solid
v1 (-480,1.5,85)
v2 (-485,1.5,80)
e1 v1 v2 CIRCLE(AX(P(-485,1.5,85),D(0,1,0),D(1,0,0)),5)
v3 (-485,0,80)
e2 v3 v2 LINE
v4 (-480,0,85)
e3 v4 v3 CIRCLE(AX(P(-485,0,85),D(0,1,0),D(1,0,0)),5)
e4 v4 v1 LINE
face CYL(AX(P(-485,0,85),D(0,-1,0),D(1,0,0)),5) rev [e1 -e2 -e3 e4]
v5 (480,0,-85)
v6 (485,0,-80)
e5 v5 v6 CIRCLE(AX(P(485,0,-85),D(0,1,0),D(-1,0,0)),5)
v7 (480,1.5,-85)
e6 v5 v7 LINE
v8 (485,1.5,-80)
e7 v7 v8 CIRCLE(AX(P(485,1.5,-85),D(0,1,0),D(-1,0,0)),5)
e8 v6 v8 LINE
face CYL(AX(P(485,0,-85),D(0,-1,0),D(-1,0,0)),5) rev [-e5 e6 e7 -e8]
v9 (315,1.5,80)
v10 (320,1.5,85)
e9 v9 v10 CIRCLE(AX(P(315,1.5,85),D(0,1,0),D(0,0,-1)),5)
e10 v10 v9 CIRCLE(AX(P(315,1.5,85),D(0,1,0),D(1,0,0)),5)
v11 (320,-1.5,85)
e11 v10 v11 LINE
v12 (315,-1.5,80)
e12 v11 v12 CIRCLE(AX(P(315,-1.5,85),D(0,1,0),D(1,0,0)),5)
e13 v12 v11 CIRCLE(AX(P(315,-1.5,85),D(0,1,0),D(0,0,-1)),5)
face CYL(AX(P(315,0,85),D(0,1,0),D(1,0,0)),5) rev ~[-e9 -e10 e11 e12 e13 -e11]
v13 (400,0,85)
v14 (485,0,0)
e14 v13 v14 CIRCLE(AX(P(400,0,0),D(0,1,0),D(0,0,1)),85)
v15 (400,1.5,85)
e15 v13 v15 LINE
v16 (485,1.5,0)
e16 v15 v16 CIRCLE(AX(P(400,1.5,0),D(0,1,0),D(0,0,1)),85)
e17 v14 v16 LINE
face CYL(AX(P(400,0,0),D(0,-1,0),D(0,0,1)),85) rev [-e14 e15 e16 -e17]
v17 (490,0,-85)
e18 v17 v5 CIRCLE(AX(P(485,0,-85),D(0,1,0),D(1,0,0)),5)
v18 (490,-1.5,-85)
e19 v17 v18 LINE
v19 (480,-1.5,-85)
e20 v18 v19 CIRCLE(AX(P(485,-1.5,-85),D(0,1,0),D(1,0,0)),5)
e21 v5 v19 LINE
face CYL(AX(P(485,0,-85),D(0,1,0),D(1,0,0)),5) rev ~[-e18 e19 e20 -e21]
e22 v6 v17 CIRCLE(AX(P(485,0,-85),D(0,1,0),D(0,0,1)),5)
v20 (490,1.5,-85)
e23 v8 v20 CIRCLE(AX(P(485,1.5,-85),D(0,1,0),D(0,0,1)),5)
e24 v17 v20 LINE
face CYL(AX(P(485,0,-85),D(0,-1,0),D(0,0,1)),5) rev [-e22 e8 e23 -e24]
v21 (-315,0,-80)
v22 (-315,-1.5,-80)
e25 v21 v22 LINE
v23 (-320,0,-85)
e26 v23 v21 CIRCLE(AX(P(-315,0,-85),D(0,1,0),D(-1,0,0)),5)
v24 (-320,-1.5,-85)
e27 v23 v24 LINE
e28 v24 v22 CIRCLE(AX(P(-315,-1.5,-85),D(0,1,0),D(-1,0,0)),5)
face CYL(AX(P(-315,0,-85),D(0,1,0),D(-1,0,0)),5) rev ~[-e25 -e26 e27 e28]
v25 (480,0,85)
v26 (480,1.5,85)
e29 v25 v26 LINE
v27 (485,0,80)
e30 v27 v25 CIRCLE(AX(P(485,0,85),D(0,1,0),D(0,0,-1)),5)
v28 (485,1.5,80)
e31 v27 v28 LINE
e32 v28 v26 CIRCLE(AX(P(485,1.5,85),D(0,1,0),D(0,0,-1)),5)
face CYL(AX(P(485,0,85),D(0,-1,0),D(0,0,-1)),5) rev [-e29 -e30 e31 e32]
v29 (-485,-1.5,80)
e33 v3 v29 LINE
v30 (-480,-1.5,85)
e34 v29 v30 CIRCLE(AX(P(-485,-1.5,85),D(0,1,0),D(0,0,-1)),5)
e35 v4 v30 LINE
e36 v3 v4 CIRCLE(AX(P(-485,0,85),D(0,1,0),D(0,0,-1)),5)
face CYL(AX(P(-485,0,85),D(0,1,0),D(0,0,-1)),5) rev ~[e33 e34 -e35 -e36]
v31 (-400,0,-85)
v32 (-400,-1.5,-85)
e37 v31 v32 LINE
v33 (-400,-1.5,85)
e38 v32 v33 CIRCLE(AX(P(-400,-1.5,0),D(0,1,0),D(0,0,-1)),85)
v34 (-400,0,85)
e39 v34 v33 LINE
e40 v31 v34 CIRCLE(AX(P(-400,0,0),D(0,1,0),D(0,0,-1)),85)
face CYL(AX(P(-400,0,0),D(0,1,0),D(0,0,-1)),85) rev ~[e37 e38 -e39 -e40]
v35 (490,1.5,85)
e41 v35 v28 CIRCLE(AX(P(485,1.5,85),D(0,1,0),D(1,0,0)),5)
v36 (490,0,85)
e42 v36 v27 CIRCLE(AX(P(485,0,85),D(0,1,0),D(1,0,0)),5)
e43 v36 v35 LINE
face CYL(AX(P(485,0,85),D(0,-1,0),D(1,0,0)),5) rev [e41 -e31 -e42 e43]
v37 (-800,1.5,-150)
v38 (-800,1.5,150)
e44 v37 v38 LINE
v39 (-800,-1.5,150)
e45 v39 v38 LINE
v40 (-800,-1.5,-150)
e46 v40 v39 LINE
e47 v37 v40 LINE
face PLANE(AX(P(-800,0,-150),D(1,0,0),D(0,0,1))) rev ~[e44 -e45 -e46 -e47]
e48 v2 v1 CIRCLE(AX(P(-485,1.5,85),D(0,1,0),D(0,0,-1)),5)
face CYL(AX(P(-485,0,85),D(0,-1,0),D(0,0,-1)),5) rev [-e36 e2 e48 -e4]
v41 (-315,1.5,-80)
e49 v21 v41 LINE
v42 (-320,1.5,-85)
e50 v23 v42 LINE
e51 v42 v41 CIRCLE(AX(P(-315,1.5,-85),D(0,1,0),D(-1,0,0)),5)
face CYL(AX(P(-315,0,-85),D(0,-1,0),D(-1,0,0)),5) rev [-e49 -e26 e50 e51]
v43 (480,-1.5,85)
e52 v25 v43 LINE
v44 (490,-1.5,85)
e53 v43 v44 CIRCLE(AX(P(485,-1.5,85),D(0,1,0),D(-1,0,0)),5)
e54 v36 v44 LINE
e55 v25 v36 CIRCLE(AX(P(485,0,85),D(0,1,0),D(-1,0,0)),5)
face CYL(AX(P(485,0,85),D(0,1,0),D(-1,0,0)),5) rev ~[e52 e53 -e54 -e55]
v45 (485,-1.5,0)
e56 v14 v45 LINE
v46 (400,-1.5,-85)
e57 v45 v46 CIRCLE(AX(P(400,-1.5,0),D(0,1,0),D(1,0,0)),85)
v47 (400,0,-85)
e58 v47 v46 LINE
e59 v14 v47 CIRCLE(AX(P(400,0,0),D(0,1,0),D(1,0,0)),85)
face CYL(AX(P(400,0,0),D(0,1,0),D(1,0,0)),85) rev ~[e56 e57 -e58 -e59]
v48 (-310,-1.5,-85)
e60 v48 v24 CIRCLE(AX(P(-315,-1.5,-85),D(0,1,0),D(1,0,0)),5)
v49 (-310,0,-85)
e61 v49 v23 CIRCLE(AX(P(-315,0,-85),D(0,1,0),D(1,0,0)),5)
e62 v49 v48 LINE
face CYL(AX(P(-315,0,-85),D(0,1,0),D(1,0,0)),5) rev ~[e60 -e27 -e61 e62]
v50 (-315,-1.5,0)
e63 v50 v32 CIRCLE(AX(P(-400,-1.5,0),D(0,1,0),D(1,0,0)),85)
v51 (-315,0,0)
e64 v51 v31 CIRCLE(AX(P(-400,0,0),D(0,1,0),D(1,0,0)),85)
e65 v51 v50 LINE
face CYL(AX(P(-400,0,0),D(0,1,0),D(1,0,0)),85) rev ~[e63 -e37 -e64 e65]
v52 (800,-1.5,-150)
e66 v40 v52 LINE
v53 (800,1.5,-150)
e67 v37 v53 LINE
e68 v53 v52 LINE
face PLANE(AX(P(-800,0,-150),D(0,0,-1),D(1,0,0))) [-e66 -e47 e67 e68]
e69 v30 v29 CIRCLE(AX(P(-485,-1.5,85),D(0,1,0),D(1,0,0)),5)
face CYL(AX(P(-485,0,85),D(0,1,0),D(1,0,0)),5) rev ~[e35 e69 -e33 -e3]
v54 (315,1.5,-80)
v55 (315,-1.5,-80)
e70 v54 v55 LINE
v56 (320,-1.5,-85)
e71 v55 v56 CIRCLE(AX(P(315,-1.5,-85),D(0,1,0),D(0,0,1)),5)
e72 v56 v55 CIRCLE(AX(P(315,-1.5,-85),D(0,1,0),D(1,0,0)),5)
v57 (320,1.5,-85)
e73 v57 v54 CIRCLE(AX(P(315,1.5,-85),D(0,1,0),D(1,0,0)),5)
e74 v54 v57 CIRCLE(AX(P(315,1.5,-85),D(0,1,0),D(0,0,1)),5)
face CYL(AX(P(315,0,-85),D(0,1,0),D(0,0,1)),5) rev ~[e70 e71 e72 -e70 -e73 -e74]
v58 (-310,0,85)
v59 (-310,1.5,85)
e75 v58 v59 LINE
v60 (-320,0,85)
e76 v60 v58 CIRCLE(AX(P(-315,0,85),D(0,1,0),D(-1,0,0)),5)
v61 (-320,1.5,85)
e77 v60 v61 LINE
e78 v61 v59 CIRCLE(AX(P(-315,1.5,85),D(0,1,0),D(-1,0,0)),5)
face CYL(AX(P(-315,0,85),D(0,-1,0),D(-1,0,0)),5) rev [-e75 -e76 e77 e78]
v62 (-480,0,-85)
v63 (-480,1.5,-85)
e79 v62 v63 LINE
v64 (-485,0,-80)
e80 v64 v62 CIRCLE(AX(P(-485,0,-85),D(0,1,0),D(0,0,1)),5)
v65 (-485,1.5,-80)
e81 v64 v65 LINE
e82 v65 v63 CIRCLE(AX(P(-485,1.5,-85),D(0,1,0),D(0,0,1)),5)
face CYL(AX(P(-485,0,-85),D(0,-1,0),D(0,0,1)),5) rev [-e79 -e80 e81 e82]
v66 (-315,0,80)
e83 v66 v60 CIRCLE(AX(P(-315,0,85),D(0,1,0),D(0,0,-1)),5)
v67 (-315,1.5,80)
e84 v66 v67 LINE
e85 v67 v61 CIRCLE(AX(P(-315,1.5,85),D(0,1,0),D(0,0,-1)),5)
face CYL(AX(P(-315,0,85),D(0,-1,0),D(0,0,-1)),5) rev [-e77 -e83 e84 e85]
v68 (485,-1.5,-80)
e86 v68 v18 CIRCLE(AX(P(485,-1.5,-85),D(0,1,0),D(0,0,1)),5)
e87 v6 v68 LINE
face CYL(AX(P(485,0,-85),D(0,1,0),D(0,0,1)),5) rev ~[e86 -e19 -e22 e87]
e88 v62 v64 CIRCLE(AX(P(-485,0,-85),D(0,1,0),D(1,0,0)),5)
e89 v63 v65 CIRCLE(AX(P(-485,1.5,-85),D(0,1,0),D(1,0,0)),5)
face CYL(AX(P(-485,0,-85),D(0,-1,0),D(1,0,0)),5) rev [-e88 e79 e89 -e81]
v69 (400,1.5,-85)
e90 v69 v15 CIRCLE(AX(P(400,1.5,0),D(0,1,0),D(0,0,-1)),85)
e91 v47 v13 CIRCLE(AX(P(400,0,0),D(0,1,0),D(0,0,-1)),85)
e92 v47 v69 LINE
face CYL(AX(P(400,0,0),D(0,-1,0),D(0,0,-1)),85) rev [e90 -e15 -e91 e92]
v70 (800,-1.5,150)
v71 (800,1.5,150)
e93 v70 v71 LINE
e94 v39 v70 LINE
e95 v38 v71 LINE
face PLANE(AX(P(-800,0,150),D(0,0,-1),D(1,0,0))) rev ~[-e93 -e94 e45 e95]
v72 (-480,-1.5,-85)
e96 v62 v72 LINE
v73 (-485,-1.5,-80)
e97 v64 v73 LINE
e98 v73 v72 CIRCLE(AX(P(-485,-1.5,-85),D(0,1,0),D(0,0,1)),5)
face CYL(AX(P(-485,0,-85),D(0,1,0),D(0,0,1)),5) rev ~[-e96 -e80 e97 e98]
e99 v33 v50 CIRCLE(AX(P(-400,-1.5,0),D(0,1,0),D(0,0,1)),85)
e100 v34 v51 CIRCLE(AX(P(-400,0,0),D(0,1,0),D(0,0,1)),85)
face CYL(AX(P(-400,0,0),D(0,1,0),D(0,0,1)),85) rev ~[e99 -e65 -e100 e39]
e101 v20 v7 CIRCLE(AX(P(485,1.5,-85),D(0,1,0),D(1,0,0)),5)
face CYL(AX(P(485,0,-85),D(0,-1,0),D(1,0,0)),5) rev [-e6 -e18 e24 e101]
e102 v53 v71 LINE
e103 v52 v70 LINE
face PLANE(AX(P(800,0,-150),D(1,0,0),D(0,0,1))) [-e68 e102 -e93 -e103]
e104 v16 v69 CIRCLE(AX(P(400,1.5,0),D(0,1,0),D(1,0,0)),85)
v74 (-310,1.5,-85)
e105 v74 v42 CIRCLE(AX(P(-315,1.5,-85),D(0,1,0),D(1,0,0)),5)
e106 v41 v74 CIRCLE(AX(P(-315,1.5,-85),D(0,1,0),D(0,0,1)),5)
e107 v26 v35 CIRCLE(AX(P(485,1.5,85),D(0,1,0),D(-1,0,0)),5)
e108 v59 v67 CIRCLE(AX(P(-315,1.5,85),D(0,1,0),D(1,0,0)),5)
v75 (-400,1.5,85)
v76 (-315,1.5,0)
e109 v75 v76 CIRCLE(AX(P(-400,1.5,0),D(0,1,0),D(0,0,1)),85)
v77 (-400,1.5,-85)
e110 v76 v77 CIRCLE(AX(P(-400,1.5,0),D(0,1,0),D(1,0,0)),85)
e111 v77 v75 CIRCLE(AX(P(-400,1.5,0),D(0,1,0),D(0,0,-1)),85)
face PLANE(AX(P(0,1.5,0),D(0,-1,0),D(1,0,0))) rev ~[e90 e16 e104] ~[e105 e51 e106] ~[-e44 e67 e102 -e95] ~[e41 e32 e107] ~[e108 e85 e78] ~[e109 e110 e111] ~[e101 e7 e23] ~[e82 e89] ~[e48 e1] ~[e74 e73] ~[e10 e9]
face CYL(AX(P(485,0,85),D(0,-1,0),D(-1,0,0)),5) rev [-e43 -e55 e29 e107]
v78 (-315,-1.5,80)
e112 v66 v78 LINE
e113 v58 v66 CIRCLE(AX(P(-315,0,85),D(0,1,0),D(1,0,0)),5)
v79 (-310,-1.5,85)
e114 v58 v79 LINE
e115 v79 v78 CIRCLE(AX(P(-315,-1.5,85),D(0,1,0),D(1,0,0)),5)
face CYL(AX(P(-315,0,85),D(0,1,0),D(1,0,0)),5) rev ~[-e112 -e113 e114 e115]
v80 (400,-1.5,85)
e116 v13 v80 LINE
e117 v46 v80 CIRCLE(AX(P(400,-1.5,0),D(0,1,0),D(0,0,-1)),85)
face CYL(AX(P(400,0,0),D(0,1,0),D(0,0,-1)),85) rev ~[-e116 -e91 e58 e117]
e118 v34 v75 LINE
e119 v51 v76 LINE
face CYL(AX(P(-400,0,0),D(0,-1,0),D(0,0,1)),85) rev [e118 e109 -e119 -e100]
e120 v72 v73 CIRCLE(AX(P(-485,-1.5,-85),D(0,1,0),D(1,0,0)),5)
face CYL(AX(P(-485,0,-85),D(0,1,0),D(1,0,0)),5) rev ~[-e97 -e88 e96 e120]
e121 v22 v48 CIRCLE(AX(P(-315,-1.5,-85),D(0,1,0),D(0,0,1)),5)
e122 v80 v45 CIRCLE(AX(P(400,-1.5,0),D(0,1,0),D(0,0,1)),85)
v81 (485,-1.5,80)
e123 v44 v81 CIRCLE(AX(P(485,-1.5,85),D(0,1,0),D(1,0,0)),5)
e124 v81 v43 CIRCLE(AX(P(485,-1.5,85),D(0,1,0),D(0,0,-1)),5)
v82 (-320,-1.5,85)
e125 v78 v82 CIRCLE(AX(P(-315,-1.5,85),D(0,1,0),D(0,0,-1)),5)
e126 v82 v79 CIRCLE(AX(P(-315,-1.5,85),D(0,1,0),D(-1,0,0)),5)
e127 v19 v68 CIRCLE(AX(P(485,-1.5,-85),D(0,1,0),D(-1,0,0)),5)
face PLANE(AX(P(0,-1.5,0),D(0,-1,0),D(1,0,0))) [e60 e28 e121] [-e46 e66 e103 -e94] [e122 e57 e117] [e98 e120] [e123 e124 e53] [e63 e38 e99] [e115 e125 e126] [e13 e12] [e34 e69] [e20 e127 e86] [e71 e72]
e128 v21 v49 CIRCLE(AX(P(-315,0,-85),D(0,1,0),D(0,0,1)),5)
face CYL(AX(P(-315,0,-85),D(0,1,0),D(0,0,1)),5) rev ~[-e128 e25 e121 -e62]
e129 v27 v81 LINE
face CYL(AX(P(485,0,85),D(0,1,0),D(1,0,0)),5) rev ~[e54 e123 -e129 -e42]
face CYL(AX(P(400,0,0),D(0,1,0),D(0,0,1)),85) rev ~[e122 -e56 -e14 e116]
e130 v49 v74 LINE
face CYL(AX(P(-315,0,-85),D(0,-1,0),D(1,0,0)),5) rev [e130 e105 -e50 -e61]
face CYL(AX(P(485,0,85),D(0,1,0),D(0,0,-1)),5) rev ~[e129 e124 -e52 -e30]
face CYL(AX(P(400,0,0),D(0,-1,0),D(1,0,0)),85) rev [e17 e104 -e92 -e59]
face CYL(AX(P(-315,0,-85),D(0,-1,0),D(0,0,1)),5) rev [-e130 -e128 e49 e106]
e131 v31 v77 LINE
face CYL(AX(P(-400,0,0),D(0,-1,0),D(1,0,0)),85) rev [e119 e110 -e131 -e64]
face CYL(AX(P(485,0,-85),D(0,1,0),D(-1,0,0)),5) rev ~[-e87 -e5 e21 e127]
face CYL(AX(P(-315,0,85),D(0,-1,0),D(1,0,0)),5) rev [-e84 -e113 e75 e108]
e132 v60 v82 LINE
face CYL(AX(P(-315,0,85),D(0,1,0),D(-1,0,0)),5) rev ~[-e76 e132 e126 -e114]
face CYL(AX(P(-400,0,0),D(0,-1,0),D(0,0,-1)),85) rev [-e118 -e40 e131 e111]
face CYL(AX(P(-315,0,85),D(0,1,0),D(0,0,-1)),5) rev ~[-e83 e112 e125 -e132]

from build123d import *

# Parameters (mm, degrees)
F0_W     = 1600
F0_H     = 300
F1_DEPTH = 1.5


with BuildPart() as f1:
    # F0 (on Front) → F1 (new body, symmetric)
    with BuildSketch(Plane.XZ):
        Rectangle(F0_W, F0_H)
        with BuildLine():
            Line((-315, 80), (-315, 0))
            Line((-315, 0), (-315, -80))
            ThreePointArc((-315, -80), (-311.4644660941, -81.4644660941), (-310, -85))
            ThreePointArc((-310, -85), (-315, -90), (-320, -85))
            Line((-320, -85), (-400, -85))
            Line((-400, -85), (-480, -85))
            ThreePointArc((-480, -85), (-488.5355339059, -88.5355339059), (-485, -80))
            Line((-485, -80), (-485, -5.63e-07))
            Line((-485, -5.63e-07), (-485, 80))
            ThreePointArc((-485, 80), (-488.5355339059, 88.5355339059), (-480, 85))
            Line((-480, 85), (-400, 85))
            Line((-400, 85), (-320, 85))
            ThreePointArc((-320, 85), (-315, 90), (-310, 85))
            ThreePointArc((-310, 85), (-311.4644660941, 81.4644660941), (-315, 80))
        make_face(mode=Mode.SUBTRACT)
        with BuildLine():
            Line((485, 80), (485, 0))
            Line((485, 0), (485, -80))
            ThreePointArc((485, -80), (488.5355339059, -81.4644660941), (490, -85))
            ThreePointArc((490, -85), (485, -90), (480, -85))
            Line((480, -85), (400, -85))
            Line((400, -85), (320, -85))
            ThreePointArc((320, -85), (311.4644660941, -88.5355339059), (315, -80))
            Line((315, -80), (315, -5.63e-07))
            Line((315, -5.63e-07), (315, 80))
            ThreePointArc((315, 80), (311.4644660941, 88.5355339059), (320, 85))
            Line((320, 85), (400, 85))
            Line((400, 85), (480, 85))
            ThreePointArc((480, 85), (485, 90), (490, 85))
            ThreePointArc((490, 85), (488.5355339059, 81.4644660941), (485, 80))
        make_face(mode=Mode.SUBTRACT)
        with BuildLine():
            ThreePointArc((-485, -5.63e-07), (-460.1040765999, 60.1040762018), (-400, 85))
            Line((-400, 85), (-480, 85))
            ThreePointArc((-480, 85), (-481.4644660941, 81.4644660941), (-485, 80))
            Line((-485, 80), (-485, -5.63e-07))
        make_face()
        with BuildLine():
            ThreePointArc((-400, 85), (-339.8959235991, 60.1040764009), (-315, 0))
            Line((-315, 0), (-315, 80))
            ThreePointArc((-315, 80), (-318.5355339059, 81.4644660941), (-320, 85))
            Line((-320, 85), (-400, 85))
        make_face()
        with BuildLine():
            Line((-480, -85), (-400, -85))
            ThreePointArc((-400, -85), (-460.1040762018, -60.1040765999), (-485, -5.63e-07))
            Line((-485, -5.63e-07), (-485, -80))
            ThreePointArc((-485, -80), (-481.4644660941, -81.4644660941), (-480, -85))
        make_face()
        with BuildLine():
            Line((-315, -80), (-315, 0))
            ThreePointArc((-315, 0), (-339.8959235991, -60.1040764009), (-400, -85))
            Line((-400, -85), (-320, -85))
            ThreePointArc((-320, -85), (-318.5355339059, -81.4644660941), (-315, -80))
        make_face()
        with BuildLine():
            ThreePointArc((315, -5.63e-07), (339.8959234001, 60.1040762018), (400, 85))
            Line((400, 85), (320, 85))
            ThreePointArc((320, 85), (318.5355339059, 81.4644660941), (315, 80))
            Line((315, 80), (315, -5.63e-07))
        make_face()
        with BuildLine():
            ThreePointArc((400, 85), (460.1040764009, 60.1040764009), (485, 0))
            Line((485, 0), (485, 80))
            ThreePointArc((485, 80), (481.4644660941, 81.4644660941), (480, 85))
            Line((480, 85), (400, 85))
        make_face()
        with BuildLine():
            Line((320, -85), (400, -85))
            ThreePointArc((400, -85), (339.8959237982, -60.1040765999), (315, -5.63e-07))
            Line((315, -5.63e-07), (315, -80))
            ThreePointArc((315, -80), (318.5355339059, -81.4644660941), (320, -85))
        make_face()
        with BuildLine():
            Line((485, -80), (485, 0))
            ThreePointArc((485, 0), (460.1040764009, -60.1040764009), (400, -85))
            Line((400, -85), (480, -85))
            ThreePointArc((480, -85), (481.4644660941, -81.4644660941), (485, -80))
        make_face()
    extrude(amount=F1_DEPTH, both=True)


solid = f1.part
